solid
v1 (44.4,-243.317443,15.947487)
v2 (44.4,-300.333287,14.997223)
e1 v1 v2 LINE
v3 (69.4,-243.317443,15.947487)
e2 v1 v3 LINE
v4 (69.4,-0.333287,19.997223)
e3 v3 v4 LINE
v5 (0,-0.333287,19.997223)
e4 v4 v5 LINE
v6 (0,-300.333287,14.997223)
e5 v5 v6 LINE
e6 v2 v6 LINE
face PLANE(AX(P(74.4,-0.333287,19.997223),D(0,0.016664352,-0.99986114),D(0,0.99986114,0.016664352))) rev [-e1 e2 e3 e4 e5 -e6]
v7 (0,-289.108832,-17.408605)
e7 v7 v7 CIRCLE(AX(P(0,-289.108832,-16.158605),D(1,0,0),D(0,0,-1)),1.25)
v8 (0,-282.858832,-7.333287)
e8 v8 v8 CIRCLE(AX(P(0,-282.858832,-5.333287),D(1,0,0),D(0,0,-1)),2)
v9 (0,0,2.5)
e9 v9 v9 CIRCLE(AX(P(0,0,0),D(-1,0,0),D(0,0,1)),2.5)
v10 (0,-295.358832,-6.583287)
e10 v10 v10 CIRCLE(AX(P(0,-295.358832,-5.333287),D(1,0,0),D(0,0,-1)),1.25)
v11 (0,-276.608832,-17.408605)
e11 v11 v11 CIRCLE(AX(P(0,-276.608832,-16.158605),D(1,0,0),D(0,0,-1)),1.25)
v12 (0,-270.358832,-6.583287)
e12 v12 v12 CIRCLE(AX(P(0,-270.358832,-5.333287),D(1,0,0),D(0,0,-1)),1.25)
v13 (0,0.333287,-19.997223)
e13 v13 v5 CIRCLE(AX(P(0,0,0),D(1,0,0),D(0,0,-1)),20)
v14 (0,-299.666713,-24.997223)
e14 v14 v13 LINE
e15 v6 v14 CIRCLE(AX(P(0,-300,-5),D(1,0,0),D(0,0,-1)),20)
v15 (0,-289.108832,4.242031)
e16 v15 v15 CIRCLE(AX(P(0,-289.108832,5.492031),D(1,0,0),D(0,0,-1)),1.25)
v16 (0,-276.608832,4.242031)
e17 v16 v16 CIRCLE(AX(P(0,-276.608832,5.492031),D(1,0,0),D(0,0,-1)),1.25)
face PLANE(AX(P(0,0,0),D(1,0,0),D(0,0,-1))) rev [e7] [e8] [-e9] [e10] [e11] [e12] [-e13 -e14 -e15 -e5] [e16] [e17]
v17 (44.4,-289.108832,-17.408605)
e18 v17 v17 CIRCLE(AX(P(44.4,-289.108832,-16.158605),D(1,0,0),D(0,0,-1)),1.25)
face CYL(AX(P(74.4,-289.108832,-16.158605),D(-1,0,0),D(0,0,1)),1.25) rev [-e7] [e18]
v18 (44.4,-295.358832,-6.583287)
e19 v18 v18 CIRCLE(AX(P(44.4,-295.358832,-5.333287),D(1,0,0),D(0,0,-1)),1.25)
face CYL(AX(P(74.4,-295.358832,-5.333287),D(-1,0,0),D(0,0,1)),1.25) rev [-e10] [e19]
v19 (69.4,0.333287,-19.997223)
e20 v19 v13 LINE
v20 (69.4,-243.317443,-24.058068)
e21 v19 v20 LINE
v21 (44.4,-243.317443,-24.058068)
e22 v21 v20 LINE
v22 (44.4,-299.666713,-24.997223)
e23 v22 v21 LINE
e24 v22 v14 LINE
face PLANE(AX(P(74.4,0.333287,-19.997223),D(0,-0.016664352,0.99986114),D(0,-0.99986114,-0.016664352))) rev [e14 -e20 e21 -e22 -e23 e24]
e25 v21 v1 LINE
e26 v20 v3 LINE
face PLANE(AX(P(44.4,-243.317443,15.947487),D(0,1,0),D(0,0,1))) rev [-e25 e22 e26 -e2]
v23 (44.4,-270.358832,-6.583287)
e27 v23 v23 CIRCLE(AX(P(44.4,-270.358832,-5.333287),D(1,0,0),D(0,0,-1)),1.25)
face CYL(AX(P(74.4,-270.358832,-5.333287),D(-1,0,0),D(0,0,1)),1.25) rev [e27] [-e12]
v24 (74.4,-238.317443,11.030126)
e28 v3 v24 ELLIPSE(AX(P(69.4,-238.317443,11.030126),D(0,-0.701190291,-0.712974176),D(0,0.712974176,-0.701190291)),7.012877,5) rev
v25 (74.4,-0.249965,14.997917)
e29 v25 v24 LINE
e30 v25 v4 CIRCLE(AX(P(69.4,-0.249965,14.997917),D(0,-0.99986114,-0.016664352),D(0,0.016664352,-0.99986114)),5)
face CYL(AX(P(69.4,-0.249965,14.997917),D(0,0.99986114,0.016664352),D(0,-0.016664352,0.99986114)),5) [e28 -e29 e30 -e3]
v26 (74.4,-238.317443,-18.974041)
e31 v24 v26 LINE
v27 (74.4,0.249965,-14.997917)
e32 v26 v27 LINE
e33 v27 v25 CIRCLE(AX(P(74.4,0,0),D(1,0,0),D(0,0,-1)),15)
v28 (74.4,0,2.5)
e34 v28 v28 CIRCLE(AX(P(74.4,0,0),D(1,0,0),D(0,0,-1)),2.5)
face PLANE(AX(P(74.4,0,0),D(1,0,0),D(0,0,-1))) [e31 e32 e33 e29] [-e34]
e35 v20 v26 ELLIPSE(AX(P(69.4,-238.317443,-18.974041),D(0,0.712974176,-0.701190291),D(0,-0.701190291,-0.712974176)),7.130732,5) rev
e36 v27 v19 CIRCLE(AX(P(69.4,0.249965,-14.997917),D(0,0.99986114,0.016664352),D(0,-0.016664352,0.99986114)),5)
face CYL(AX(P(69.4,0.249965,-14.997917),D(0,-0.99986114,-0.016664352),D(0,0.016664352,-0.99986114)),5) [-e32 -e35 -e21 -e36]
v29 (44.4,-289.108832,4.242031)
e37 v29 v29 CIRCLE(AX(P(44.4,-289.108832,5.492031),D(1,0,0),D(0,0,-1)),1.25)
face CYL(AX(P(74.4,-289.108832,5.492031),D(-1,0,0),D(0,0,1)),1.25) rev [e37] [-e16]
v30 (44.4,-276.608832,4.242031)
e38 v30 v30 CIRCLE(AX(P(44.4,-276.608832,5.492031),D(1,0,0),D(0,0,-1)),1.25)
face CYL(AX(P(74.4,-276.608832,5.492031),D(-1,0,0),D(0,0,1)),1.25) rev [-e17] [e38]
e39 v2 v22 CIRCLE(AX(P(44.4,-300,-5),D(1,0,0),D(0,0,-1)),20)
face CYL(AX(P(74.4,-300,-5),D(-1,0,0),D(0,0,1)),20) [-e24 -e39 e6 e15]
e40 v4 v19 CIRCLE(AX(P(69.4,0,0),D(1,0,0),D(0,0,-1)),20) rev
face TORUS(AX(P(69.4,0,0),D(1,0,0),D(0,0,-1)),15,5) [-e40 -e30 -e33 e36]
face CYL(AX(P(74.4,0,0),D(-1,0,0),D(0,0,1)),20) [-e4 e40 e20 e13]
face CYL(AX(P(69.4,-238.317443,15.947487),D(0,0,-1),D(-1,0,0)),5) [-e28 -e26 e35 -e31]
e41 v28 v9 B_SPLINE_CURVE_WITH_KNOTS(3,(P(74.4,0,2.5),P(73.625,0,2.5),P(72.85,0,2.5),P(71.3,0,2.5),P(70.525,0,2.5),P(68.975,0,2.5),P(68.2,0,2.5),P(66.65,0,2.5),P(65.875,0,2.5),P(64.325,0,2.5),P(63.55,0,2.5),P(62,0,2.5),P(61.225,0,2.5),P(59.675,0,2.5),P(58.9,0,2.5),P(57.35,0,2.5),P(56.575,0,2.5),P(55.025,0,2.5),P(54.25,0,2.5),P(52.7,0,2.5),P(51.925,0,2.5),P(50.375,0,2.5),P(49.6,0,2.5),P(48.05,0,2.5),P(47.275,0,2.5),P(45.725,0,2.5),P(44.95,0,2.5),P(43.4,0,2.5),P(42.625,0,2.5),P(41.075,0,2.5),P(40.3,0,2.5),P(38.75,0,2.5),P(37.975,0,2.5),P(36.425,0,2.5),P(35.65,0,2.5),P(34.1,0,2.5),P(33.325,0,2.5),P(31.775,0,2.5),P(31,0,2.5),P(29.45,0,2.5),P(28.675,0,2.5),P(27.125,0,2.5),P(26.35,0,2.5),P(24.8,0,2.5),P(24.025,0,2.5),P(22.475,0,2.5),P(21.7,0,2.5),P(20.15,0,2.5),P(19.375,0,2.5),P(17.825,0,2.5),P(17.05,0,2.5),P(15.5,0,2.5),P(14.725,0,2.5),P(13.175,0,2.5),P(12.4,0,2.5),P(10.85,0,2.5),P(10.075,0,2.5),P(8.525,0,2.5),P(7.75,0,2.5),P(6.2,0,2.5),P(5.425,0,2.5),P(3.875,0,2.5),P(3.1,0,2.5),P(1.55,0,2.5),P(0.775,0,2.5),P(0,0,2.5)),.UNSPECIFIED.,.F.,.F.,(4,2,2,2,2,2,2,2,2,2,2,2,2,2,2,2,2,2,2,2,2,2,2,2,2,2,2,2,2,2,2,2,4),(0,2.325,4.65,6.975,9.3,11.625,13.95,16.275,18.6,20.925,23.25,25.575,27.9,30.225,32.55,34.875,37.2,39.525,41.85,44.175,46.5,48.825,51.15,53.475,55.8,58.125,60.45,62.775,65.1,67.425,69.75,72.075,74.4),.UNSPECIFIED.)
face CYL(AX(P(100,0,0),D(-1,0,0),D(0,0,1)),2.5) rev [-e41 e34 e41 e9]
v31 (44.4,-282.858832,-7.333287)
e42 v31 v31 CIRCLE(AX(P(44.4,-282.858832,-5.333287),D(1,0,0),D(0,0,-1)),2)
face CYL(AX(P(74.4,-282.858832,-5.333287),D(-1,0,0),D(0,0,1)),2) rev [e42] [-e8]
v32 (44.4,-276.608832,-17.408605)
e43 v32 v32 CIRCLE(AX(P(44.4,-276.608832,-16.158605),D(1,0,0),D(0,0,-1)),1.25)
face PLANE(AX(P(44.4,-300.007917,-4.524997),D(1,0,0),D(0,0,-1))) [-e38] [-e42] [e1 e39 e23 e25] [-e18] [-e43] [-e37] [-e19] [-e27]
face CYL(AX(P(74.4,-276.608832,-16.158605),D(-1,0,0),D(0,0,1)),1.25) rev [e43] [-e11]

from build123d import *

# Parameters (mm, degrees)
EXTRUDE_3_DEPTH          = 74.4
CUT_EXTRUDE_1_DEPTH      = 30
FILLET_1_R               = 5
CUT_EXTRUDE_6_DEPTH      = 330.484992071
CUT_EXTRUDE_6_DEPTH_BACK = 330.484992071
SKETCH_13_R              = 1.25
CUT_EXTRUDE_7_DEPTH      = 330.484992071
CUT_EXTRUDE_7_DEPTH_BACK = 330.484992071
SKETCH_14_R              = 2
SKETCH_15_R              = 2.5
CUT_EXTRUDE_8_DEPTH      = 100


with BuildPart() as part:
    # 草图4 → 凸台-拉伸3 (new body)
    with BuildSketch(Plane(origin=(0, 0, 0), x_dir=(0, 0, -1), z_dir=(1, 0, 0))):
        with BuildLine():
            Line((-19.997222801, -0.333287047), (-14.997222801, -300.333287047))
            ThreePointArc((-14.997222801, -300.333287047), (5.333287047, -319.997222801), (24.997222801, -299.666712953))
            Line((24.997222801, -299.666712953), (19.997222801, 0.333287047))
            ThreePointArc((19.997222801, 0.333287047), (-0.333287047, 19.997222801), (-19.997222801, -0.333287047))
        make_face()
    extrude(amount=EXTRUDE_3_DEPTH)

    # 草图8 → 切除-拉伸1 (cut)
    with BuildSketch(Plane(origin=(74.4, 0, 0), x_dir=(0, 0, -1), z_dir=(1, 0, 0))):
        with BuildLine():
            Line((-15.947486862, -243.317443397), (24.058068308, -243.317443397))
            Line((24.058068308, -243.317443397), (24.997222801, -299.666712953))
            ThreePointArc((24.997222801, -299.666712953), (4.858283924, -320.480273081), (-15.947486862, -300.333287047))
            Line((-15.947486862, -300.333287047), (-15.947486862, -243.317443397))
        make_face()
    extrude(amount=-CUT_EXTRUDE_1_DEPTH, mode=Mode.SUBTRACT)

    # 圆角1
    fillet_1_edges = [part.edges().sort_by_distance(p)[0] for p in [
        (74.4, -121.492078175, -22.027645554),
        (74.4, -243.317443397, -4.055290723),
        (74.4, 19.997222801, 0.333287047),
        (74.4, -121.825365222, 17.972354831),
    ]]
    fillet(fillet_1_edges, radius=FILLET_1_R)

    # 草图13 → 切除-拉伸6 (cut, two sides: drawn at the far end of the back side and taken through both)
    with BuildSketch(Plane.ZY.offset(-CUT_EXTRUDE_6_DEPTH_BACK)):
        with Locations(Location((-5.333287046, -270.358832161, 0), (0, 0, 180))):
            Circle(SKETCH_13_R)
        with Locations(Location((5.492030501, -276.608832161, 0), (0, 0, 180))):
            Circle(SKETCH_13_R)
        with Locations(Location((5.492030501, -289.108832161, 0), (0, 0, 180))):
            Circle(SKETCH_13_R)
        with Locations(Location((-5.333287046, -295.358832161, 0), (0, 0, 180))):
            Circle(SKETCH_13_R)
        with Locations(Location((-16.158604593, -289.108832161, 0), (0, 0, 180))):
            Circle(SKETCH_13_R)
        with Locations(Location((-16.158604593, -276.608832161, 0), (0, 0, 180))):
            Circle(SKETCH_13_R)
    extrude(amount=CUT_EXTRUDE_6_DEPTH + CUT_EXTRUDE_6_DEPTH_BACK, mode=Mode.SUBTRACT)

    # 草图14 → 切除-拉伸7 (cut, two sides: drawn at the far end of the back side and taken through both)
    with BuildSketch(Plane.ZY.offset(-CUT_EXTRUDE_7_DEPTH_BACK)):
        with Locations(Location((-5.333287046, -282.858832161, 0), (0, 0, 180))):
            Circle(SKETCH_14_R)
    extrude(amount=CUT_EXTRUDE_7_DEPTH + CUT_EXTRUDE_7_DEPTH_BACK, mode=Mode.SUBTRACT)

    # 草图15 → 切除-拉伸8 (cut)
    with BuildSketch(Plane.ZY):
        Circle(SKETCH_15_R)
    extrude(amount=-CUT_EXTRUDE_8_DEPTH, mode=Mode.SUBTRACT)


solid = part.part
